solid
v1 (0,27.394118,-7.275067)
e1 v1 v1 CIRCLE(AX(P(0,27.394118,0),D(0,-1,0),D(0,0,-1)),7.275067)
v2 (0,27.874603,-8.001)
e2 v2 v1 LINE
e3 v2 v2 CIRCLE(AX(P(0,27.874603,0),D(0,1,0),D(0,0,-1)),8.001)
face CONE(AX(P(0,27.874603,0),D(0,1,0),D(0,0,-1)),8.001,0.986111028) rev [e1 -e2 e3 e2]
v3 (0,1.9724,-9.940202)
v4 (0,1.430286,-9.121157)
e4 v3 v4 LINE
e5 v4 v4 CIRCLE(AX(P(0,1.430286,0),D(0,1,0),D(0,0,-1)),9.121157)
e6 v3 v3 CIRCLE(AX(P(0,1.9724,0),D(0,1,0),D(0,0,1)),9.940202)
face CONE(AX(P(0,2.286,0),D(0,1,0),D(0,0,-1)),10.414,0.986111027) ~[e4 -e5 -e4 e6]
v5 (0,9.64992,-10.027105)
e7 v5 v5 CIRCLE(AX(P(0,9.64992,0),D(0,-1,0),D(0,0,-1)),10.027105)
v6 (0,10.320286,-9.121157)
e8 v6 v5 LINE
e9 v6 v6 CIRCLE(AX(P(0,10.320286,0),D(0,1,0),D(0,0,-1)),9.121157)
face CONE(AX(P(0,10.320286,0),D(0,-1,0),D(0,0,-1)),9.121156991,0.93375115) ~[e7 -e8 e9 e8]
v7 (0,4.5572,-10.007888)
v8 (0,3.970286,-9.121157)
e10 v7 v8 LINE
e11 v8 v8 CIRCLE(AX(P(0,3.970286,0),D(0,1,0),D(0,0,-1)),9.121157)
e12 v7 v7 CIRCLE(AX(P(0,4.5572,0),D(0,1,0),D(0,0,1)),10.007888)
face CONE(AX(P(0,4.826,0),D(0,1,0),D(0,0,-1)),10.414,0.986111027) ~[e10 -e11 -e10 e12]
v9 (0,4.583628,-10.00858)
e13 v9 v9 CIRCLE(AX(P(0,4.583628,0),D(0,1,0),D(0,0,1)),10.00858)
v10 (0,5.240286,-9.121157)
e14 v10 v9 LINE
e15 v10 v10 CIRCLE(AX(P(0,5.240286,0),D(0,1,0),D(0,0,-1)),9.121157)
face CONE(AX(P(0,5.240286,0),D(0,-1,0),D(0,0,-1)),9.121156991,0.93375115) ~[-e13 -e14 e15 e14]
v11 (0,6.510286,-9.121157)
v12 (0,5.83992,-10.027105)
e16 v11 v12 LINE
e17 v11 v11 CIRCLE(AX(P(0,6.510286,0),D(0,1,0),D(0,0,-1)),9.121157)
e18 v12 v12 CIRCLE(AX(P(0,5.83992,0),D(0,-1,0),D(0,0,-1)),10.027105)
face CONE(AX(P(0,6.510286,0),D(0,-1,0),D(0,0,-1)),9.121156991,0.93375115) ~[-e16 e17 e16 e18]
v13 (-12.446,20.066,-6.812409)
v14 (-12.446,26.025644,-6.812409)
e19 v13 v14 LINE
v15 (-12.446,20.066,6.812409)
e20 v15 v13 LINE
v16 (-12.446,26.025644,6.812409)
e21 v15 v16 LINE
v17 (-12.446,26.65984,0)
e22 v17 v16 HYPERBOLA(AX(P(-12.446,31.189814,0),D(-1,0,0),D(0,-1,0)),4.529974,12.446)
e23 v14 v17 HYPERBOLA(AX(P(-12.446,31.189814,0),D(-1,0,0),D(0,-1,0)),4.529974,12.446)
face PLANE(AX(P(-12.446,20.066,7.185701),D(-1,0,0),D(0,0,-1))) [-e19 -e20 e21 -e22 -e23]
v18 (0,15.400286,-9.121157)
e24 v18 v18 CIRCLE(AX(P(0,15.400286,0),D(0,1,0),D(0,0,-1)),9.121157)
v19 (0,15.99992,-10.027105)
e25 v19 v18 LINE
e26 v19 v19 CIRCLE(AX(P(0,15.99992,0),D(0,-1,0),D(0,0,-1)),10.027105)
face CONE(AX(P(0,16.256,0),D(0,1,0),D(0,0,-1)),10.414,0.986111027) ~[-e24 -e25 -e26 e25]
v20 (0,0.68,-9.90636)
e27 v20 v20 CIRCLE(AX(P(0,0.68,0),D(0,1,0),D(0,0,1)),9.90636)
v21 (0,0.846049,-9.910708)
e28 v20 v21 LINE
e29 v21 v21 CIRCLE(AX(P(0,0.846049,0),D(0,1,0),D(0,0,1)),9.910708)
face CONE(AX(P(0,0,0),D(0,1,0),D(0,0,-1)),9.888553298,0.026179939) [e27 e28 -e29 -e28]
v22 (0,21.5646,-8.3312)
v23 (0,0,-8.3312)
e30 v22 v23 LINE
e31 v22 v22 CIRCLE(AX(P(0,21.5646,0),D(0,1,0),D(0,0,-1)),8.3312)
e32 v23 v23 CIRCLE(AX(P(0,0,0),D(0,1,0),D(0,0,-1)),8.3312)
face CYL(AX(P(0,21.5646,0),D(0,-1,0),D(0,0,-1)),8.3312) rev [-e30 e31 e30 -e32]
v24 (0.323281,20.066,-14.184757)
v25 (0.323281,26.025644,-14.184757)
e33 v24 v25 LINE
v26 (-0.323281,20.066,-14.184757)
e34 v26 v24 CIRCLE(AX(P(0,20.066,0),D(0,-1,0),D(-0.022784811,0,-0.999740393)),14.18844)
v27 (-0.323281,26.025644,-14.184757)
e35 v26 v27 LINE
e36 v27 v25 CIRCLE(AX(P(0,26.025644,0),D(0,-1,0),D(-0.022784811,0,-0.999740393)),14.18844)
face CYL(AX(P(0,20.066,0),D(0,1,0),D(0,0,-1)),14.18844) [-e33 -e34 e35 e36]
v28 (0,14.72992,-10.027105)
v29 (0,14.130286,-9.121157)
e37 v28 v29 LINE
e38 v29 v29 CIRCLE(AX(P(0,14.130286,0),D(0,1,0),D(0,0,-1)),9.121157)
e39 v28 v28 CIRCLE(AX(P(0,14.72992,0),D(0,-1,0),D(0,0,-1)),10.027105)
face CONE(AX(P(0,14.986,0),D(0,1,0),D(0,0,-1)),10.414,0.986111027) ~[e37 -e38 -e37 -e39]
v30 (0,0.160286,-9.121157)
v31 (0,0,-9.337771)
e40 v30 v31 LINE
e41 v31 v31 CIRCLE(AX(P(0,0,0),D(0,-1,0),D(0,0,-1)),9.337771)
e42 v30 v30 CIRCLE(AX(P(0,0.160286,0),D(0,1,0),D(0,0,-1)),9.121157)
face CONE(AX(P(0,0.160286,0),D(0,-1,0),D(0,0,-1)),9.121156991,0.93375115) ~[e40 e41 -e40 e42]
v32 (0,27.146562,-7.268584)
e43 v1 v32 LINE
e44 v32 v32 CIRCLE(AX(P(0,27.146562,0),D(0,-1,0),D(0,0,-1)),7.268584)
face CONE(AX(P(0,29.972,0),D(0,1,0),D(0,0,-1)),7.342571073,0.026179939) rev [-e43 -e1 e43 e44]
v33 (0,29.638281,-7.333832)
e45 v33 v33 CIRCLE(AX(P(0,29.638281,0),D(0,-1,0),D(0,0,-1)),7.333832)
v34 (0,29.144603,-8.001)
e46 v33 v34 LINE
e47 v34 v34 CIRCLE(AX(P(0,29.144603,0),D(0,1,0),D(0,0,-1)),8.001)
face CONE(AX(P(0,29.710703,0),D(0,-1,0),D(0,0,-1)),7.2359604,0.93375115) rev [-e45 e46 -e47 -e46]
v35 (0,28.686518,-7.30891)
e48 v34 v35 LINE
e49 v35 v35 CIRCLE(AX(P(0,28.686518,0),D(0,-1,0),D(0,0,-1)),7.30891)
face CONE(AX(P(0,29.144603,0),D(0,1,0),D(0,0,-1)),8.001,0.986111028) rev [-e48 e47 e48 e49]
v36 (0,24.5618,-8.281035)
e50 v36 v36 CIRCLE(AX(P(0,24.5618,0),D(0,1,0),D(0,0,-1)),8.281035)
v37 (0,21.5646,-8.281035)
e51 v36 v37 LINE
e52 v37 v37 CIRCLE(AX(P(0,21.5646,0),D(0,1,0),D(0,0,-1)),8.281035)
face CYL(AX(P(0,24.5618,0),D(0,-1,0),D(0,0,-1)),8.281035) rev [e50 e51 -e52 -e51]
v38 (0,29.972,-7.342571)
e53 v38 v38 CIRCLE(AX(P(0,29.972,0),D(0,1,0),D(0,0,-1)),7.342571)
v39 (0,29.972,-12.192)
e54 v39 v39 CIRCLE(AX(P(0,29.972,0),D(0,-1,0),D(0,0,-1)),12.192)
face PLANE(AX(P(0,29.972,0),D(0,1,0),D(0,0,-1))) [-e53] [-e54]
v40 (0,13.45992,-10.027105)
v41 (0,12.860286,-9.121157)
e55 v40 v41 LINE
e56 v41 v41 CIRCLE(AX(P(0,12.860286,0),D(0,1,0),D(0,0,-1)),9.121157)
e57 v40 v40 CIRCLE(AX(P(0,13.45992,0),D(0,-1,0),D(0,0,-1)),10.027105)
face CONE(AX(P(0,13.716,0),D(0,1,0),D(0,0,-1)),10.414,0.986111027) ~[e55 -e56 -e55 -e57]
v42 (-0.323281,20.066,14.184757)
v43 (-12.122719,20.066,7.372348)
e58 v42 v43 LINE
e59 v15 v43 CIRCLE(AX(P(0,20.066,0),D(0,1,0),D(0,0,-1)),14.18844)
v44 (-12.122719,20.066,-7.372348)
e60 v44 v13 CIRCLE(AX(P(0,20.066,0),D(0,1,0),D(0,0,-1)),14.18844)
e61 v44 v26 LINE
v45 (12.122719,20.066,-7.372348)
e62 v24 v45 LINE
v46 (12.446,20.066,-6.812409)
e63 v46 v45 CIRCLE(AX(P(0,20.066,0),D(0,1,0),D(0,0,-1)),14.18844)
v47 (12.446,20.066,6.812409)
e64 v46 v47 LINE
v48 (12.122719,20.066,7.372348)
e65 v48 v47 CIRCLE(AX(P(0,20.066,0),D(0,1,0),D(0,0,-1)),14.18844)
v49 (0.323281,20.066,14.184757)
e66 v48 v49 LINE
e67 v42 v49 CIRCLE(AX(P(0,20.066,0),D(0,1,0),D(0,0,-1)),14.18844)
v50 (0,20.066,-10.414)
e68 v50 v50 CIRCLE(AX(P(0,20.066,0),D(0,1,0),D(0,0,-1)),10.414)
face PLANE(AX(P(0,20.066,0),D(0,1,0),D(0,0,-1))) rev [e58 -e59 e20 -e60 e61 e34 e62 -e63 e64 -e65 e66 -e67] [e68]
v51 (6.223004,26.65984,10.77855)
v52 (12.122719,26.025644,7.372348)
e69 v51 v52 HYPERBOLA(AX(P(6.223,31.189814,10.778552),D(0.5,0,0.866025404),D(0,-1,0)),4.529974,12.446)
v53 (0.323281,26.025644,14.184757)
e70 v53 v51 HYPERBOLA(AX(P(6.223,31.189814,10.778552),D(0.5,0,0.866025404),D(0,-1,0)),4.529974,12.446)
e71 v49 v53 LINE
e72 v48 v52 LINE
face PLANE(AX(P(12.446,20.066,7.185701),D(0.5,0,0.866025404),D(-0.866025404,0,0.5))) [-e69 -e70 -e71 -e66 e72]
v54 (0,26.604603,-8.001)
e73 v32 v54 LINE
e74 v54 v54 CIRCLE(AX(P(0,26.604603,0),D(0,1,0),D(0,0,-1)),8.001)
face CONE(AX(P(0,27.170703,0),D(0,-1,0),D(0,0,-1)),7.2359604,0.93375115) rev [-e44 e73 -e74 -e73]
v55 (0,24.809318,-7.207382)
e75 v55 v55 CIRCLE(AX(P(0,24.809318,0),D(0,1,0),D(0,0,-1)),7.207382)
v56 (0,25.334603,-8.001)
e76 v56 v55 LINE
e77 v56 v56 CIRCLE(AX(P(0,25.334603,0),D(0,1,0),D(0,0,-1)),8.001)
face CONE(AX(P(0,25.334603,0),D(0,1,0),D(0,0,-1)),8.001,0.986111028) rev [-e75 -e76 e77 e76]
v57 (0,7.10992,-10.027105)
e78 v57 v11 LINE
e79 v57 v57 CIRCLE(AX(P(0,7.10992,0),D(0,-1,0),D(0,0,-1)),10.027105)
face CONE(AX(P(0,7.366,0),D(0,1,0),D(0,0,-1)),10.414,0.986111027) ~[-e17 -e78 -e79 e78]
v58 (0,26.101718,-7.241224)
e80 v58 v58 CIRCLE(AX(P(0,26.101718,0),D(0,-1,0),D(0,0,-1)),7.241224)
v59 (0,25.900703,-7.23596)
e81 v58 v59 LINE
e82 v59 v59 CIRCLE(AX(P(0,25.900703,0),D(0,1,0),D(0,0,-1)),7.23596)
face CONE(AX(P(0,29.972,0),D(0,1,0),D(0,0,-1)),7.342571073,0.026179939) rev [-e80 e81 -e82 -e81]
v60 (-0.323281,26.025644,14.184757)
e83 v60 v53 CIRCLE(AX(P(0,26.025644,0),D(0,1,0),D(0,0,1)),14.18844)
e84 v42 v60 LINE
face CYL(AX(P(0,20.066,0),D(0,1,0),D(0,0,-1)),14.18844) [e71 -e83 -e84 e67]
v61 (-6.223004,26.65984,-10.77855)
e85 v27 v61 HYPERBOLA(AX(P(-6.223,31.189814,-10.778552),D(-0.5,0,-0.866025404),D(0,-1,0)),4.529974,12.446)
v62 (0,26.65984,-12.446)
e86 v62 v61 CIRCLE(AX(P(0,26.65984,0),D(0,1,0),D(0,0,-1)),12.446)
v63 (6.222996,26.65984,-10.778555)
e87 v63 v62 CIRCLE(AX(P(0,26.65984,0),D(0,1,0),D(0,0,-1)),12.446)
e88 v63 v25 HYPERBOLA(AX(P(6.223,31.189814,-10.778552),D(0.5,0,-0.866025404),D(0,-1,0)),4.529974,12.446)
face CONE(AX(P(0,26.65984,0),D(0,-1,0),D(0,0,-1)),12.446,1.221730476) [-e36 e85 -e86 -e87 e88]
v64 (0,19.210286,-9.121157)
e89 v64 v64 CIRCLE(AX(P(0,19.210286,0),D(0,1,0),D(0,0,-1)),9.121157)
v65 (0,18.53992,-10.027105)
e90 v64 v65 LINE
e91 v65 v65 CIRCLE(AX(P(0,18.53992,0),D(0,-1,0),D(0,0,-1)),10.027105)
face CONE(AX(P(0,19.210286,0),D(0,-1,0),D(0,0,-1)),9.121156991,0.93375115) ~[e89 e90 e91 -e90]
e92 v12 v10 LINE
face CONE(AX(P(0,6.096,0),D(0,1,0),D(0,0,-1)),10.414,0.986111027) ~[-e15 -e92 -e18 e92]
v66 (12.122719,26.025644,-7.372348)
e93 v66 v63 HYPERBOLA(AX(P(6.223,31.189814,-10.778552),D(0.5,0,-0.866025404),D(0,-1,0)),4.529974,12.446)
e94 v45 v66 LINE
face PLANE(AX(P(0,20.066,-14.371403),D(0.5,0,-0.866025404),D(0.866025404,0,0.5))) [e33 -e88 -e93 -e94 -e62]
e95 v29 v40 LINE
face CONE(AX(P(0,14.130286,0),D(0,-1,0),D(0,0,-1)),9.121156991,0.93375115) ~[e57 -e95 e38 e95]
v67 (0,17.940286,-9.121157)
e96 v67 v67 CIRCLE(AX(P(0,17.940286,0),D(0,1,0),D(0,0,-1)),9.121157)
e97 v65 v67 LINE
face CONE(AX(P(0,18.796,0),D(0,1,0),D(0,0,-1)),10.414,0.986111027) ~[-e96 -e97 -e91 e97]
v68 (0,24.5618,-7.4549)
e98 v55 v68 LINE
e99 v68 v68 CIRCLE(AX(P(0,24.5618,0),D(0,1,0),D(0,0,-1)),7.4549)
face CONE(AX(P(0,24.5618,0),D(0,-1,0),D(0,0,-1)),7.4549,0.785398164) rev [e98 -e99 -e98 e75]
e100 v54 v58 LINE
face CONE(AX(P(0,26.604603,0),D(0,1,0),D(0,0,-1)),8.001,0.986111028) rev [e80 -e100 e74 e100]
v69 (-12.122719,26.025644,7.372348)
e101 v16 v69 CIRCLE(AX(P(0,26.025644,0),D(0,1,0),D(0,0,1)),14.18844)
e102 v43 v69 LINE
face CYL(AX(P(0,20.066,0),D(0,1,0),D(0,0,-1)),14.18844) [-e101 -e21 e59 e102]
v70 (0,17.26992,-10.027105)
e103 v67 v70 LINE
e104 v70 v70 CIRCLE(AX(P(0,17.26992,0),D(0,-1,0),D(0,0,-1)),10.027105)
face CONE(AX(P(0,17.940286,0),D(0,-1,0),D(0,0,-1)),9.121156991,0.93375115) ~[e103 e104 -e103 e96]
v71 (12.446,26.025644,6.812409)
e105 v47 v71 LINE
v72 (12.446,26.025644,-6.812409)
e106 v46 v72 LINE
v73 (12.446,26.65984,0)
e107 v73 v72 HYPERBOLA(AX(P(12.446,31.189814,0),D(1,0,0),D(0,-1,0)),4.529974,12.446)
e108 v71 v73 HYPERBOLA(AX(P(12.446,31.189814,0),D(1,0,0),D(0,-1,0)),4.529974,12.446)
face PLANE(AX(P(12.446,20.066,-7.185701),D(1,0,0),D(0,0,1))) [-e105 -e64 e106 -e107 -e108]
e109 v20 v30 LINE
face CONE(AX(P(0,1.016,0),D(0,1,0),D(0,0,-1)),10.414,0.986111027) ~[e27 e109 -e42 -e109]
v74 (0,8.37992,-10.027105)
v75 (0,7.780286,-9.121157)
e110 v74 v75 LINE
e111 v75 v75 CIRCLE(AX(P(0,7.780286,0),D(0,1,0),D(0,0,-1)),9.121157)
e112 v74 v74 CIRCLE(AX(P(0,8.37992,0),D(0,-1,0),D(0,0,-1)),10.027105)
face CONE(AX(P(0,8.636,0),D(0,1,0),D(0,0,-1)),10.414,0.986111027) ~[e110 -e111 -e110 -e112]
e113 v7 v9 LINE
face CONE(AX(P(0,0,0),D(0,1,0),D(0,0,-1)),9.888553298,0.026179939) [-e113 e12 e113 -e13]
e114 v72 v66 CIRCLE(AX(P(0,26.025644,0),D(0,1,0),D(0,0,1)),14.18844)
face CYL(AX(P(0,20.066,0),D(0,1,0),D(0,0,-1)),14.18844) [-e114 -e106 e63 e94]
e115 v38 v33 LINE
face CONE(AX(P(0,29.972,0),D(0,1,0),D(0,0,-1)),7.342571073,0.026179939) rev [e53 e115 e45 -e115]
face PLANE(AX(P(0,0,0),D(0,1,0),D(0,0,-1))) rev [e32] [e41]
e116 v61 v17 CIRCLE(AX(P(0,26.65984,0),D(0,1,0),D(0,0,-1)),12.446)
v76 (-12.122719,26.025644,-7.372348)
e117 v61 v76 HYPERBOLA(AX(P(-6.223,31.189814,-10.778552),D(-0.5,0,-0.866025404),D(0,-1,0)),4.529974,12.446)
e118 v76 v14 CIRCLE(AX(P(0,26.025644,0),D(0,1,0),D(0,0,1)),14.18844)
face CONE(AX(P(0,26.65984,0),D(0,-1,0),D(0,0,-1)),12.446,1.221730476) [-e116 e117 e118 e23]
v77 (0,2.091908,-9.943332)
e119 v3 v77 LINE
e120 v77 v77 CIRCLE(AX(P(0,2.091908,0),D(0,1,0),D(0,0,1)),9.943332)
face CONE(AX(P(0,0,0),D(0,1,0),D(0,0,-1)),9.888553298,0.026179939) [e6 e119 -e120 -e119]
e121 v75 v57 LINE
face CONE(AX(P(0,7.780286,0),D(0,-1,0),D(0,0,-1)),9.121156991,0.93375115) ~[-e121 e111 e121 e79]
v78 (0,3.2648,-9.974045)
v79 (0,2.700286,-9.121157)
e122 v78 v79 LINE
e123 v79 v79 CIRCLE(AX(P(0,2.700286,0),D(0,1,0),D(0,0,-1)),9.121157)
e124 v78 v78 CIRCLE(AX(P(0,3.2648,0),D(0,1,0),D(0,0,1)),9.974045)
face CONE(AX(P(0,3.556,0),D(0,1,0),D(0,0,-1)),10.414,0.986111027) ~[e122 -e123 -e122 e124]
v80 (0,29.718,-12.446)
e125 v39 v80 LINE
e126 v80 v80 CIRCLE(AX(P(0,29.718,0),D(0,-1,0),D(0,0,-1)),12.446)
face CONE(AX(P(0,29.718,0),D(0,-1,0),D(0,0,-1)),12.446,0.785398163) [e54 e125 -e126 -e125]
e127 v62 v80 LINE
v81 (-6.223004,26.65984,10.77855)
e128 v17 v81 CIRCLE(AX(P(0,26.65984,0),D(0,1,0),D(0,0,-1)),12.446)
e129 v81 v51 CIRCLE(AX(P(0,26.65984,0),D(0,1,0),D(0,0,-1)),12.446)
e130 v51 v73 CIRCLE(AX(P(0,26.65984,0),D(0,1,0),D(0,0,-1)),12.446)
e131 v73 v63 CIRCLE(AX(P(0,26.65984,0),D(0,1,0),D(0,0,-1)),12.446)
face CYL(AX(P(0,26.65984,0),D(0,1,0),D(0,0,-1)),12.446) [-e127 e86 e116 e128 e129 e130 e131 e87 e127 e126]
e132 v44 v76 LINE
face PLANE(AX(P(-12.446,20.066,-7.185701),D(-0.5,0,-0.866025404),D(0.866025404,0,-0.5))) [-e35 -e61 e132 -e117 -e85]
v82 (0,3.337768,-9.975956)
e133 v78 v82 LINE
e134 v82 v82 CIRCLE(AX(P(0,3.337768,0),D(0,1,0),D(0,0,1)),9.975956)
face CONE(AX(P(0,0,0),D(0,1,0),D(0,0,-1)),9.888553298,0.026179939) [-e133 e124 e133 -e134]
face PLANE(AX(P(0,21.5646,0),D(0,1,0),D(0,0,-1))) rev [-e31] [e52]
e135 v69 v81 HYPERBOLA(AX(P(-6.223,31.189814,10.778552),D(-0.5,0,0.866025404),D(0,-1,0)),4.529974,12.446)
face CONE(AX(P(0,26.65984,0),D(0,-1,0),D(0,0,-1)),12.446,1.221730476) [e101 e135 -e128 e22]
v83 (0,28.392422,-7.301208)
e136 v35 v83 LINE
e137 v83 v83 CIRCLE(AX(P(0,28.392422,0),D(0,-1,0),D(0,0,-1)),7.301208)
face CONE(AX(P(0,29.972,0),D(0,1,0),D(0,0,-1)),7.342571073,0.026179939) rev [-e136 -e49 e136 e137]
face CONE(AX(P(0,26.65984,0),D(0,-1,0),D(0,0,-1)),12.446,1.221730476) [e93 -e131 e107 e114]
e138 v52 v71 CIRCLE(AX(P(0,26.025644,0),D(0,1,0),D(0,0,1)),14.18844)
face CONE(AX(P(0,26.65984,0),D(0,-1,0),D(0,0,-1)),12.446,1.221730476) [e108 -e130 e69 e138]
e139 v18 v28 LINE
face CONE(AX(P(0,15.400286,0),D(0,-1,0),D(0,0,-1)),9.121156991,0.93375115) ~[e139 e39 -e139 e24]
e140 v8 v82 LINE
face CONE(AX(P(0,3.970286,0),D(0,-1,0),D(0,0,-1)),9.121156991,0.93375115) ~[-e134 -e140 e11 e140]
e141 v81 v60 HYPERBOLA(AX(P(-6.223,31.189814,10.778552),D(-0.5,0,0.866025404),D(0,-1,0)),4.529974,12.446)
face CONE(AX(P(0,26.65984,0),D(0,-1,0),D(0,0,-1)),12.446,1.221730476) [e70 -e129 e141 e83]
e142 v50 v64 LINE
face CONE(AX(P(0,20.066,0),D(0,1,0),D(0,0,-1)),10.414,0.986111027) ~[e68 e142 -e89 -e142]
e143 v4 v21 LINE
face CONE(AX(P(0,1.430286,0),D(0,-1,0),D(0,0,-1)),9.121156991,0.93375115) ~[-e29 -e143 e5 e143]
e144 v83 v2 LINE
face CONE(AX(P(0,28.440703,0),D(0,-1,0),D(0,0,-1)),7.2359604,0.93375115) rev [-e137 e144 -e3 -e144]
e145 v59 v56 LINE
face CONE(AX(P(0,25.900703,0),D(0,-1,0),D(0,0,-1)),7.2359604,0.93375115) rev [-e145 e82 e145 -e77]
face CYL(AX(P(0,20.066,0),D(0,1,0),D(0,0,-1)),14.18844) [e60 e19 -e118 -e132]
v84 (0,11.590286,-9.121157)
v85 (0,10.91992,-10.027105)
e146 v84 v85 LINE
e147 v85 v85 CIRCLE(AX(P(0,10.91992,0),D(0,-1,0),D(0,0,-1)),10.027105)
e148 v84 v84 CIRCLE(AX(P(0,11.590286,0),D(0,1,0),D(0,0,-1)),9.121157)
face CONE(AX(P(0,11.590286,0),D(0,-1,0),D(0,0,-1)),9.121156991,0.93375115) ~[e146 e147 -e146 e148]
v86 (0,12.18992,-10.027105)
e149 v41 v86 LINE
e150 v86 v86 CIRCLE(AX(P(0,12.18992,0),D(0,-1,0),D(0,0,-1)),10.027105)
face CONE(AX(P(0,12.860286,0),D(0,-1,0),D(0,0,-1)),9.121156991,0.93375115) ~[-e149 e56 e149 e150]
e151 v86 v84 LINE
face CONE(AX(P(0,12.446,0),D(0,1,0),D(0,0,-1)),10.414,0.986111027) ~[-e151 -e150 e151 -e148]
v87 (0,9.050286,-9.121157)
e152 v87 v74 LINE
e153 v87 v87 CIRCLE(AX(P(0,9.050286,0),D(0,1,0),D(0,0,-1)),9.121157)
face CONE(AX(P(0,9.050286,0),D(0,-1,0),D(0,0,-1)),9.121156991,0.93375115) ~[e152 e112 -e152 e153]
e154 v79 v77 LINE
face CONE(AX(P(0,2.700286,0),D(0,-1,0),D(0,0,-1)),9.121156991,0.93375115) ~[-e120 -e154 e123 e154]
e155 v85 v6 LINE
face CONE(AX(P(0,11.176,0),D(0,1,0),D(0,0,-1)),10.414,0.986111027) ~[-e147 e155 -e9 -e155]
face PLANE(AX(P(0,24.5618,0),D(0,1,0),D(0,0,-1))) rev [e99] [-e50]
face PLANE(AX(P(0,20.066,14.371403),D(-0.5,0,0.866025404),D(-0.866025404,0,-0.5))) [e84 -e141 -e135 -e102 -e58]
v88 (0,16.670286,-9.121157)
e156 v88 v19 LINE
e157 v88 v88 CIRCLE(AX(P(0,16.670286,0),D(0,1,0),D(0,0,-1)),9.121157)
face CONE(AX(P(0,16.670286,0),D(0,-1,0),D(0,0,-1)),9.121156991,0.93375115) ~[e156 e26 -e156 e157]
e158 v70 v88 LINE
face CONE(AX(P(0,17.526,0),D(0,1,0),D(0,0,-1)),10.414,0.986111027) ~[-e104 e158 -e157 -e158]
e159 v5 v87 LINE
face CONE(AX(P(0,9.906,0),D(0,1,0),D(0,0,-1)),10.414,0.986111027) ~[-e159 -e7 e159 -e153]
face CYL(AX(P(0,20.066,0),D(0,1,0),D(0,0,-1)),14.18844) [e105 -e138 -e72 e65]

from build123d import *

# Parameters (mm, degrees)
SKETCH2_OUTSIDE_W  = 40.394
SKETCH2_OUTSIDE_H  = 40.394
CUT_EXTRUDE1_DEPTH = 10.906
SKETCH4_OUTSIDE_W  = 43.51
SKETCH4_OUTSIDE_H  = 46.994
SKETCH4_OUTSIDE_R  = 12.446
CUT_EXTRUDE3_DEPTH = 1.27
CUT_EXTRUDE3_DRAFT = -70
CHAMFER2_SIZE      = 0.247603347
CHAMFER2_SIZE2     = 0.254
LPATTERN1_COUNT    = 5
LPATTERN1_PITCH    = 1.27
LPATTERN2_COUNT    = 16
LPATTERN2_PITCH    = 1.27
CHAMFER3_SIZE      = 0.254


with BuildPart() as part:
    # Sketch1 → Revolve1 (revolve)
    with BuildSketch(Plane.XY, mode=Mode.PRIVATE) as revolve1_sk:
        Polygon((8.3312, 0), (9.888553298, 0), (10.414, 20.066), (14.18844, 20.066), (14.18844, 26.65984), (12.446, 26.65984), (12.446, 29.972), (7.342571073, 29.972), (7.2009, 24.5618), (8.281035, 24.5618), (8.281035, 21.5646), (8.3312, 21.5646), align=None)
    revolve(revolve1_sk.sketch.rotate(Axis((0, 0, 0), (0, 1, 0)), 90), axis=Axis((0, 0, 0), (0, 1, 0)))  # turned: the seam where the file's is

    # Sketch2 outside → Cut-Extrude1 (cut, through all)
    with BuildSketch(Plane.XZ.offset(-20.066)):
        Rectangle(SKETCH2_OUTSIDE_W, SKETCH2_OUTSIDE_H)
        Polygon((12.446, 7.18570145), (0, 14.371402901), (-12.446, 7.18570145), (-12.446, -7.18570145), (0, -14.371402901), (12.446, -7.18570145), align=None, mode=Mode.SUBTRACT)
    extrude(amount=-CUT_EXTRUDE1_DEPTH, mode=Mode.SUBTRACT)


with BuildPart() as cut_extrude3_tool:
    # Sketch4 outside → Cut-Extrude3 (with draft: the straight prism first)
    with BuildSketch(Plane(origin=(0, 26.65984, 0), x_dir=(-1, 0, 0), z_dir=(0, 1, 0))):
        Rectangle(SKETCH4_OUTSIDE_W, SKETCH4_OUTSIDE_H)
        with Locations(Location((0, 0, 0), (0, 0, 270))):  # turned: the seam where the file's is
            Circle(SKETCH4_OUTSIDE_R, mode=Mode.SUBTRACT)
    extrude(amount=-CUT_EXTRUDE3_DEPTH)
    # Cut-Extrude3: the draft: its side faces are tilted about the plane it starts from
    cut_extrude3_sides = [cut_extrude3_tool.faces().sort_by_distance(p)[0] for p in [
        (0, 26.02484, -23.497),
        (-21.755, 26.02484, 0),
        (0, 26.02484, 23.497),
        (21.755, 26.02484, 0),
        (0, 26.02484, 12.446),
    ]]
    draft(cut_extrude3_sides, Plane(origin=(0, 26.65984, 0), x_dir=(-1, 0, 0), z_dir=(0, 1, 0)), CUT_EXTRUDE3_DRAFT)


with BuildPart() as part_1:
    add(part.part)

    # Cut-Extrude3: cut by cut_extrude3_tool
    add(cut_extrude3_tool.part, mode=Mode.SUBTRACT)

    # Chamfer2
    chamfer2_edges = [part_1.edges().sort_by_distance(p)[0] for p in [
        (0, 24.5618, 7.2009),
    ]]
    chamfer2_side = [part_1.faces().sort_by_distance(p)[0] for p in [
        (0, 27.2669, 7.271735536),
    ]]
    chamfer(chamfer2_edges, length=CHAMFER2_SIZE, length2=CHAMFER2_SIZE2, reference=chamfer2_side[0])

    # Sketch7 → Cut-Revolve1 (revolve, cut)
    with BuildSketch(Plane.XY, mode=Mode.PRIVATE) as cut_revolve1_sk:
        Polygon((-7.2073815, 24.8093185), (-7.2359604, 25.900702651), (-8.001, 25.334603126), align=None)
    cut_revolve1 = revolve(cut_revolve1_sk.sketch.rotate(Axis((0, 0, 0), (0, 1, 0)), 270), axis=Axis((0, 0, 0), (0, 1, 0)), mode=Mode.SUBTRACT)  # turned: the seam where the file's is

    # LPattern1: Cut-Revolve1 ×5
    with Locations(*[(0, i * LPATTERN1_PITCH, 0) for i in range(1, LPATTERN1_COUNT)]):
        add(cut_revolve1, mode=Mode.SUBTRACT)

    # Sketch8 → Cut-Revolve2 (revolve, cut)
    with BuildSketch(Plane.XY, mode=Mode.PRIVATE) as cut_revolve2_sk:
        Polygon((-10.414, 20.066), (-9.121156991, 19.210285879), (-10.367443587, 18.28808231), align=None)
    cut_revolve2 = revolve(cut_revolve2_sk.sketch.rotate(Axis((0, 0, 0), (0, 1, 0)), 270), axis=Axis((0, 0, 0), (0, 1, 0)), mode=Mode.SUBTRACT)  # turned: the seam where the file's is

    # LPattern2: Cut-Revolve2 ×16
    with Locations(*[(0, -i * LPATTERN2_PITCH, 0) for i in range(1, LPATTERN2_COUNT)]):
        add(cut_revolve2, mode=Mode.SUBTRACT)

    # Chamfer3
    chamfer3_edges = [part_1.edges().sort_by_distance(p)[0] for p in [
        (0, 29.972, 12.446),
    ]]
    chamfer(chamfer3_edges, length=CHAMFER3_SIZE)


solid = part_1.part
